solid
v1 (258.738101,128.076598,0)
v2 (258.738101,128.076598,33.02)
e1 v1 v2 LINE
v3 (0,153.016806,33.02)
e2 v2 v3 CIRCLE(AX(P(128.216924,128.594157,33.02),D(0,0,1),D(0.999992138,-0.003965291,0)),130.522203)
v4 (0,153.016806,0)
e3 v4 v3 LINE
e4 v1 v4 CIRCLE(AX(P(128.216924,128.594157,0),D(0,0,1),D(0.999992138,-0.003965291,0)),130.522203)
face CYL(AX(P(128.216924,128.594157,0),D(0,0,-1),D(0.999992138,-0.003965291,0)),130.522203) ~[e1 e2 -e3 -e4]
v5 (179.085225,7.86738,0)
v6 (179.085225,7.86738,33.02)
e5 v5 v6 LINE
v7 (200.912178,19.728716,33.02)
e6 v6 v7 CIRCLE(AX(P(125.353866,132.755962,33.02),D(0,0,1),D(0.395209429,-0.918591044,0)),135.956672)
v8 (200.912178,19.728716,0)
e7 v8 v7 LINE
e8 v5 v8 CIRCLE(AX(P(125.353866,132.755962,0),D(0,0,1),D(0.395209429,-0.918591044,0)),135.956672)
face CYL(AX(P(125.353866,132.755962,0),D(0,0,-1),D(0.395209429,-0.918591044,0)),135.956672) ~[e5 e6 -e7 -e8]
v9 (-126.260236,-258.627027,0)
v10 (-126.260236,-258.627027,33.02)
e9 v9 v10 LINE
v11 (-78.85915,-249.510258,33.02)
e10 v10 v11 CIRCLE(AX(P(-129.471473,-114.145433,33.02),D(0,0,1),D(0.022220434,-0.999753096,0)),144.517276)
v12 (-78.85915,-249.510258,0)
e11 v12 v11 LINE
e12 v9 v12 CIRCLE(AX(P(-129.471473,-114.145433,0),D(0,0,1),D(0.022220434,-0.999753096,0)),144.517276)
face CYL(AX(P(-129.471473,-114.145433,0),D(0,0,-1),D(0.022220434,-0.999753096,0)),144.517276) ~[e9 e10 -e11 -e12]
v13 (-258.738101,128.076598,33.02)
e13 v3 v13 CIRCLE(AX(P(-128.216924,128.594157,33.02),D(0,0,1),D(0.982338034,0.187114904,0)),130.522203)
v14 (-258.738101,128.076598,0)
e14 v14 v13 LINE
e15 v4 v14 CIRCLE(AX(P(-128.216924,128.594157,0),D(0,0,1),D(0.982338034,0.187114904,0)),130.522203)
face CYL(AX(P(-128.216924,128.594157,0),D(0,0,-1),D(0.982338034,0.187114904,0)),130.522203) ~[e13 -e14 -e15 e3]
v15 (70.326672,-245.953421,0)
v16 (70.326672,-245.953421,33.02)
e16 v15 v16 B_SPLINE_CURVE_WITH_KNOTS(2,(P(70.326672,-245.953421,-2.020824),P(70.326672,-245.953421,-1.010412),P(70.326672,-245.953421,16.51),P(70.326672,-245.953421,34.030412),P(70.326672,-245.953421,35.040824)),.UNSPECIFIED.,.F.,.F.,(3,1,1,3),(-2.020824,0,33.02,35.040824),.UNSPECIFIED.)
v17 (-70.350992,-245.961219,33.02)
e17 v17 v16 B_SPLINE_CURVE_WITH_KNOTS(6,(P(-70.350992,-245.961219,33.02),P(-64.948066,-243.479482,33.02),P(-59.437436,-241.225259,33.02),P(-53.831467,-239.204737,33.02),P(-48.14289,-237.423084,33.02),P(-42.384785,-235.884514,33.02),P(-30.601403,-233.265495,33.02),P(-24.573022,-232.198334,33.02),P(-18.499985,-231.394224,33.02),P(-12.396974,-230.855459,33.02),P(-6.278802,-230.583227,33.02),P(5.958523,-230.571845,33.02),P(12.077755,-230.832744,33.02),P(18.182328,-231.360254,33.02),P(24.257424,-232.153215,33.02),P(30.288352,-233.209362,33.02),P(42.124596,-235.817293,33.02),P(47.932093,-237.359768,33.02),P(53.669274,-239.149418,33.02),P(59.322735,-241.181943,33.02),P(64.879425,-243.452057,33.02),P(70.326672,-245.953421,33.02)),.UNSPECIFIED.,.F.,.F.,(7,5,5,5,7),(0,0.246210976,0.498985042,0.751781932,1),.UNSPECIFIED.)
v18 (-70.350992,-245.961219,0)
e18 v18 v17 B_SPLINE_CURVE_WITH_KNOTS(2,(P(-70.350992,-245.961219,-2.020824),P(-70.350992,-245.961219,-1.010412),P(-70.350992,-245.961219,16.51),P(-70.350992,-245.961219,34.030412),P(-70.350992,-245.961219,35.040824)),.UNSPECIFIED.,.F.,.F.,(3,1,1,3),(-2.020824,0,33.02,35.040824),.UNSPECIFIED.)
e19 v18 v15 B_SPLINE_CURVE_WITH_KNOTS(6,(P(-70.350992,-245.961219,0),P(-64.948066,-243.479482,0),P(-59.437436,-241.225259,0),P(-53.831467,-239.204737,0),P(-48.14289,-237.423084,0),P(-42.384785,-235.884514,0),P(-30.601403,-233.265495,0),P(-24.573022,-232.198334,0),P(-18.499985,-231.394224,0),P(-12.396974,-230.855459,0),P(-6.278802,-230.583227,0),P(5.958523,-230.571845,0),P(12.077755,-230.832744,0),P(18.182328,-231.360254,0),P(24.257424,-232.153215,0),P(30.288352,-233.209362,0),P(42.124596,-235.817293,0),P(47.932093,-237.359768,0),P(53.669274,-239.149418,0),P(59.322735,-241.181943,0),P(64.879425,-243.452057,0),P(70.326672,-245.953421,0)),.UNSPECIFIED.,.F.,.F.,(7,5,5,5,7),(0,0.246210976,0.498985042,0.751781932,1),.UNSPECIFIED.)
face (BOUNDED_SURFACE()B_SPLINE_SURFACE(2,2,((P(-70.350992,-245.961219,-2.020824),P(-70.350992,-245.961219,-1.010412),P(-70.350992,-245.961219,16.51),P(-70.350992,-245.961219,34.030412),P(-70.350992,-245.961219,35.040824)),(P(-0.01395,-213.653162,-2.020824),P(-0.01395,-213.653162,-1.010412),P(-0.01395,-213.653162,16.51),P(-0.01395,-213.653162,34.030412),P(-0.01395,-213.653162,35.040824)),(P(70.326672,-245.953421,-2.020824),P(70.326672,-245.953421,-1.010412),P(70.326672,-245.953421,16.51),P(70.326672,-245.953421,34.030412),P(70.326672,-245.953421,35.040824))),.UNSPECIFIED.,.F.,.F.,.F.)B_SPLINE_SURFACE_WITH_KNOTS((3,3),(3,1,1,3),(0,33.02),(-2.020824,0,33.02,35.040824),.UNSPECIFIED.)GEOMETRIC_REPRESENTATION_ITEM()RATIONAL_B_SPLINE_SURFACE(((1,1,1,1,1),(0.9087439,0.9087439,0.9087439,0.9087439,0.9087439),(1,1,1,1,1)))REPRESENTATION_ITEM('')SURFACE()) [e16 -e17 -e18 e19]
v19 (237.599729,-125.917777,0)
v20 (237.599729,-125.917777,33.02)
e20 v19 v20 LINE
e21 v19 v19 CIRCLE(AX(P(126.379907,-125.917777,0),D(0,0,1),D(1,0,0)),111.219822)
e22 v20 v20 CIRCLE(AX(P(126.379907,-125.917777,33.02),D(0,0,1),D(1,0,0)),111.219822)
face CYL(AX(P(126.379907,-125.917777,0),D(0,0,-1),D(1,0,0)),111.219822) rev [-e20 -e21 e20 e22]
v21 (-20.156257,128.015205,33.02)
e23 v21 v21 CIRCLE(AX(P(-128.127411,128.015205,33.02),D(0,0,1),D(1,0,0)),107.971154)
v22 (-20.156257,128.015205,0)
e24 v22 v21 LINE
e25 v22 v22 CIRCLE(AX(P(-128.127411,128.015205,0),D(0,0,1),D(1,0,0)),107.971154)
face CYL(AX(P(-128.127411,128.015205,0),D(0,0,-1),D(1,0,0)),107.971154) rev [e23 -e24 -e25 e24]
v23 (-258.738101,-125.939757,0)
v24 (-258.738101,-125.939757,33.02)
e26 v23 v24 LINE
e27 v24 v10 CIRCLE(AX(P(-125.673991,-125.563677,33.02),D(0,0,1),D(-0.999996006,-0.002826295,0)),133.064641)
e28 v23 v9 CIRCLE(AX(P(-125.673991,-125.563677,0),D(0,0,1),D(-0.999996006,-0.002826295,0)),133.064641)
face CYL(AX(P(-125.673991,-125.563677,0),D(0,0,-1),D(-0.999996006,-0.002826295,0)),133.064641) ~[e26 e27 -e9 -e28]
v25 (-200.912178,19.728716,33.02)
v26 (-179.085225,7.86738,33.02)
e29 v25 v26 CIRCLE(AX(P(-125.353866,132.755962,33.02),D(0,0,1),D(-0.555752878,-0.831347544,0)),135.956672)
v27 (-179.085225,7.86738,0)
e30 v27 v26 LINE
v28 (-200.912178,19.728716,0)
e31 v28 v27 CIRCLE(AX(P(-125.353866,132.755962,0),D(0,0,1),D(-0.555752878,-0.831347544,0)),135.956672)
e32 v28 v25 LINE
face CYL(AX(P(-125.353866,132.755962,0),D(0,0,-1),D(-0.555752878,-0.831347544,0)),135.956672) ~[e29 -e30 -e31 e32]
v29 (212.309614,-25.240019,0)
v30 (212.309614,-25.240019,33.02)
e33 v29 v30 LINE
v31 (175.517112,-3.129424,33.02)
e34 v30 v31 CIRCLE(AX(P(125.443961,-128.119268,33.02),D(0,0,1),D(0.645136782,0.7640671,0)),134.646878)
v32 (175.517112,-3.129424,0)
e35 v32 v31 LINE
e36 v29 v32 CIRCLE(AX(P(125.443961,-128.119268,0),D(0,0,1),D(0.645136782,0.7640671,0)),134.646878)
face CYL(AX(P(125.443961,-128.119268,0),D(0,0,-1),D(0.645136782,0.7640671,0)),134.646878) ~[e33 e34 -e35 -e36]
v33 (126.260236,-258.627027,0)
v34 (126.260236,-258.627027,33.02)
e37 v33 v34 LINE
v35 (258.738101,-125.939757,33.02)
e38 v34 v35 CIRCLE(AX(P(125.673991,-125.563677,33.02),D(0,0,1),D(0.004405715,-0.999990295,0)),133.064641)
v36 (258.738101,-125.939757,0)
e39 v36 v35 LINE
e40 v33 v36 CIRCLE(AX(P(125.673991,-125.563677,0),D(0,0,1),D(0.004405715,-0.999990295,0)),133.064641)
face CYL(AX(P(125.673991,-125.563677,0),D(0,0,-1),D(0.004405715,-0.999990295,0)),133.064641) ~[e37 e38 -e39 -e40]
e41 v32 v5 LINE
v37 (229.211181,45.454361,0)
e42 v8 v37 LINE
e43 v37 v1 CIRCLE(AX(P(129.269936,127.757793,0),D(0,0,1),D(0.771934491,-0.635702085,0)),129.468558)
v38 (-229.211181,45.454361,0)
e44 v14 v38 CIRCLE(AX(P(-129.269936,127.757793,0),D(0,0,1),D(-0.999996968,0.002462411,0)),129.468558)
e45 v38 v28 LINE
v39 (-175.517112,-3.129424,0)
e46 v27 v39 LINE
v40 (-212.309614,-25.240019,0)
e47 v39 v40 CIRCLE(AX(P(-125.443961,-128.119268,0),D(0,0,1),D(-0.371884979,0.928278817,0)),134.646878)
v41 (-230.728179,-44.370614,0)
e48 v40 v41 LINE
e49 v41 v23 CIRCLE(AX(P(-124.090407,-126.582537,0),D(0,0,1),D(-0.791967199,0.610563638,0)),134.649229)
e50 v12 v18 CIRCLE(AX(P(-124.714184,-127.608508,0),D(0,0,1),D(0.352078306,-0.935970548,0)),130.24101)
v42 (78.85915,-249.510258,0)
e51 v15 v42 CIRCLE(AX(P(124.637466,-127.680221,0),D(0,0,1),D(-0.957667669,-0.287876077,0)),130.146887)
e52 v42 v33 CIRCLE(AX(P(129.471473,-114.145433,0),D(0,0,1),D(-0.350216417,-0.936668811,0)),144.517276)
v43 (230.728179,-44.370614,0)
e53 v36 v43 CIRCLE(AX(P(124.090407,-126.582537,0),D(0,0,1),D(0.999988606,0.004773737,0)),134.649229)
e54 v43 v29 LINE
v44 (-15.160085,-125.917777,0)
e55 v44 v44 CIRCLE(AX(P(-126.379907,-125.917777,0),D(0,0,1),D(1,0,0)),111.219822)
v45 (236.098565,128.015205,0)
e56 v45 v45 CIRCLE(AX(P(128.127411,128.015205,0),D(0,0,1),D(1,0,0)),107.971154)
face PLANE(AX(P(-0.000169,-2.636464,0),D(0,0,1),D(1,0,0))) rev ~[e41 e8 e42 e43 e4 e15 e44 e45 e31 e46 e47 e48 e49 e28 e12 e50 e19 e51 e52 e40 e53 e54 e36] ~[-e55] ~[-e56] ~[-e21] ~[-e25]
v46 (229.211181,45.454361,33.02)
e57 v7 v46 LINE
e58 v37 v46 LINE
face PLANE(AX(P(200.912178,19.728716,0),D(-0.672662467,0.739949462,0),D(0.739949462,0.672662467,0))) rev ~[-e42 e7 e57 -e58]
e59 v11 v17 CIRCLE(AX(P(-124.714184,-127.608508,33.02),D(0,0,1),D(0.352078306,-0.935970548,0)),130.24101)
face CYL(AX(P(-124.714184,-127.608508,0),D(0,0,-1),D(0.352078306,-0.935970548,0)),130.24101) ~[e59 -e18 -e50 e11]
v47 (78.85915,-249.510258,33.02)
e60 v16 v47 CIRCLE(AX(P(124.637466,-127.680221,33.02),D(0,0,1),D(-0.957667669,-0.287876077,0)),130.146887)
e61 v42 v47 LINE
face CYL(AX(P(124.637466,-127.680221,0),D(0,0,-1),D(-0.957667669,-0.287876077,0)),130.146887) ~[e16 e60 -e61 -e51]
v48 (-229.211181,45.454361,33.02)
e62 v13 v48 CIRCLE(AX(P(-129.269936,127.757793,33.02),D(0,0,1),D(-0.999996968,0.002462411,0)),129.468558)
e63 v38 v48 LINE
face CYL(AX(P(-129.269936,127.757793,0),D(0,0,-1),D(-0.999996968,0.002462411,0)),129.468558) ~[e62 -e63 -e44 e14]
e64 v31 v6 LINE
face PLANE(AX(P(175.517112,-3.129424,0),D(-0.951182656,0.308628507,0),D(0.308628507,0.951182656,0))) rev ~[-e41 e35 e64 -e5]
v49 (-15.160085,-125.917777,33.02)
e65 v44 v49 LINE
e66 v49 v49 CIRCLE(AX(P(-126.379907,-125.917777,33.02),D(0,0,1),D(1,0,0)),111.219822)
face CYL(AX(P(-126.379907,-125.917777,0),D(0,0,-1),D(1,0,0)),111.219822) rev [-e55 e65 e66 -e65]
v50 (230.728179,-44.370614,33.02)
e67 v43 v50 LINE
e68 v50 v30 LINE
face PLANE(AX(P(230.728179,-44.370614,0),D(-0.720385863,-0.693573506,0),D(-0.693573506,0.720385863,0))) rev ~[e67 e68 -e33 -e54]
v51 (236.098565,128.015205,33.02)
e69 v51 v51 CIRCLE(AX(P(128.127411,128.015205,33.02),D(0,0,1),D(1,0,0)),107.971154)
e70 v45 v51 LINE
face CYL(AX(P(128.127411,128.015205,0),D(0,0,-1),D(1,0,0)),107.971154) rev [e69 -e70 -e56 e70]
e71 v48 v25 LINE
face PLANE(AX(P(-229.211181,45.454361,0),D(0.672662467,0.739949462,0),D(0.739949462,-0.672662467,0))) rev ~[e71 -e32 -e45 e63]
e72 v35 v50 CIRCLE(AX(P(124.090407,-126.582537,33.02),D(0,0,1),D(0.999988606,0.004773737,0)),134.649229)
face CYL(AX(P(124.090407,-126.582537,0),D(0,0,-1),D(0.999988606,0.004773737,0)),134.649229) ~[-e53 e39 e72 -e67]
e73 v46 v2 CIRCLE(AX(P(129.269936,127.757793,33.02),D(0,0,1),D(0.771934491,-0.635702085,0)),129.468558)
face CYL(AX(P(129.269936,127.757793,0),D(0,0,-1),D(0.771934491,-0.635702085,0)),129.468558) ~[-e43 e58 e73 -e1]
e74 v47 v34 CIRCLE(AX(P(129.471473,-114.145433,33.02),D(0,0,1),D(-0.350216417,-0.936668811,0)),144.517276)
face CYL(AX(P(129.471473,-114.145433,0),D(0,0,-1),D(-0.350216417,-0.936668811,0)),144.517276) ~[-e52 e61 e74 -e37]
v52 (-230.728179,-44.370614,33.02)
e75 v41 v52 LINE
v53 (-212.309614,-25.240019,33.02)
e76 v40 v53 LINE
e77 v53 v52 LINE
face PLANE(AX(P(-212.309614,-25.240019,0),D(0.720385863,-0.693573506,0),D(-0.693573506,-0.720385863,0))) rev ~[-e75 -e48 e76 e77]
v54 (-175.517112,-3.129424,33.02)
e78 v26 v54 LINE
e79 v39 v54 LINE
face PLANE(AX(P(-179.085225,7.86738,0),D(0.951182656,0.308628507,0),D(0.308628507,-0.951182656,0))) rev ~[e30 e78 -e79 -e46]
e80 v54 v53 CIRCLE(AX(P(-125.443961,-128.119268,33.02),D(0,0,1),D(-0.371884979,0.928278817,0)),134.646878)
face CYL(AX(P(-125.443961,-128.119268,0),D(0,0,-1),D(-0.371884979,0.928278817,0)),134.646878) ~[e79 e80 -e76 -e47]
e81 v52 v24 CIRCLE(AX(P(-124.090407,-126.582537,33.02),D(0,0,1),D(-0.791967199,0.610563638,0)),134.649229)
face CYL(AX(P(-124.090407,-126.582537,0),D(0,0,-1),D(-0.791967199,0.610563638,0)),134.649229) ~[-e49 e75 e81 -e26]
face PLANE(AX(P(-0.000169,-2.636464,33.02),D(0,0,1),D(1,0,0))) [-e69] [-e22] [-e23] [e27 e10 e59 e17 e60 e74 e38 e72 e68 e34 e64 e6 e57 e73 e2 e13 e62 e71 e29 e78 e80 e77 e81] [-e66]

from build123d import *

# Parameters (mm, degrees)
F2_R     = 111.219822
F2_R_2   = 107.971154
F3_DEPTH = 33.02
F4_R     = 168.535103


with BuildPart() as f3:
    # F2 (on Top) → F3 (new body)
    with BuildSketch(Plane.XY):
        with BuildLine():
            ThreePointArc((-230.728179, -44.370614), (-251.440516, -82.851948), (-258.738101, -125.939757))
            ThreePointArc((-258.738101, -125.939757), (-219.839177, -219.580253), (-126.260236, -258.627027))
            ThreePointArc((-126.260236, -258.627027), (-102.176368, -256.061677), (-78.85915, -249.510258))
            ThreePointArc((-78.85915, -249.510258), (-29.568087, -216.546357), (0, -165.146396))
            ThreePointArc((0, -165.146396), (29.560129, -216.553795), (78.85915, -249.510258))
            ThreePointArc((78.85915, -249.510258), (102.176368, -256.061677), (126.260236, -258.627027))
            ThreePointArc((126.260236, -258.627027), (219.839177, -219.580253), (258.738101, -125.939757))
            ThreePointArc((258.738101, -125.939757), (251.440516, -82.851948), (230.728179, -44.370614))
            Line((230.728179, -44.370614), (212.309614, -25.240019))
            ThreePointArc((212.309614, -25.240019), (194.800133, -12.709117), (175.517112, -3.129424))
            Line((175.517112, -3.129424), (179.085225, 7.86738))
            ThreePointArc((179.085225, 7.86738), (190.270178, 13.298483), (200.912178, 19.728716))
            Line((200.912178, 19.728716), (229.211181, 45.454361))
            ThreePointArc((229.211181, 45.454361), (251.18703, 84.187969), (258.738101, 128.076598))
            ThreePointArc((258.738101, 128.076598), (140.740138, 258.514188), (0, 153.016806))
            ThreePointArc((0, 153.016806), (-140.740138, 258.514188), (-258.738101, 128.076598))
            ThreePointArc((-258.738101, 128.076598), (-251.18703, 84.187969), (-229.211181, 45.454361))
            Line((-229.211181, 45.454361), (-200.912178, 19.728716))
            ThreePointArc((-200.912178, 19.728716), (-190.270178, 13.298483), (-179.085225, 7.86738))
            Line((-179.085225, 7.86738), (-175.517112, -3.129424))
            ThreePointArc((-175.517112, -3.129424), (-194.800133, -12.709117), (-212.309614, -25.240019))
            Line((-212.309614, -25.240019), (-230.728179, -44.370614))
        make_face()
        with Locations((-126.379907, -125.917777)):
            Circle(F2_R, mode=Mode.SUBTRACT)
        with Locations((126.379907, -125.917777)):
            Circle(F2_R, mode=Mode.SUBTRACT)
        with Locations((-128.127411, 128.015205)):
            Circle(F2_R_2, mode=Mode.SUBTRACT)
        with Locations((128.127411, 128.015205)):
            Circle(F2_R_2, mode=Mode.SUBTRACT)
    extrude(amount=F3_DEPTH)

    # F4
    f4_edges = [f3.edges().sort_by_distance(p)[0] for p in [
        (0, -165.146396, 16.51),
    ]]
    fillet(f4_edges, radius=F4_R)


solid = f3.part
